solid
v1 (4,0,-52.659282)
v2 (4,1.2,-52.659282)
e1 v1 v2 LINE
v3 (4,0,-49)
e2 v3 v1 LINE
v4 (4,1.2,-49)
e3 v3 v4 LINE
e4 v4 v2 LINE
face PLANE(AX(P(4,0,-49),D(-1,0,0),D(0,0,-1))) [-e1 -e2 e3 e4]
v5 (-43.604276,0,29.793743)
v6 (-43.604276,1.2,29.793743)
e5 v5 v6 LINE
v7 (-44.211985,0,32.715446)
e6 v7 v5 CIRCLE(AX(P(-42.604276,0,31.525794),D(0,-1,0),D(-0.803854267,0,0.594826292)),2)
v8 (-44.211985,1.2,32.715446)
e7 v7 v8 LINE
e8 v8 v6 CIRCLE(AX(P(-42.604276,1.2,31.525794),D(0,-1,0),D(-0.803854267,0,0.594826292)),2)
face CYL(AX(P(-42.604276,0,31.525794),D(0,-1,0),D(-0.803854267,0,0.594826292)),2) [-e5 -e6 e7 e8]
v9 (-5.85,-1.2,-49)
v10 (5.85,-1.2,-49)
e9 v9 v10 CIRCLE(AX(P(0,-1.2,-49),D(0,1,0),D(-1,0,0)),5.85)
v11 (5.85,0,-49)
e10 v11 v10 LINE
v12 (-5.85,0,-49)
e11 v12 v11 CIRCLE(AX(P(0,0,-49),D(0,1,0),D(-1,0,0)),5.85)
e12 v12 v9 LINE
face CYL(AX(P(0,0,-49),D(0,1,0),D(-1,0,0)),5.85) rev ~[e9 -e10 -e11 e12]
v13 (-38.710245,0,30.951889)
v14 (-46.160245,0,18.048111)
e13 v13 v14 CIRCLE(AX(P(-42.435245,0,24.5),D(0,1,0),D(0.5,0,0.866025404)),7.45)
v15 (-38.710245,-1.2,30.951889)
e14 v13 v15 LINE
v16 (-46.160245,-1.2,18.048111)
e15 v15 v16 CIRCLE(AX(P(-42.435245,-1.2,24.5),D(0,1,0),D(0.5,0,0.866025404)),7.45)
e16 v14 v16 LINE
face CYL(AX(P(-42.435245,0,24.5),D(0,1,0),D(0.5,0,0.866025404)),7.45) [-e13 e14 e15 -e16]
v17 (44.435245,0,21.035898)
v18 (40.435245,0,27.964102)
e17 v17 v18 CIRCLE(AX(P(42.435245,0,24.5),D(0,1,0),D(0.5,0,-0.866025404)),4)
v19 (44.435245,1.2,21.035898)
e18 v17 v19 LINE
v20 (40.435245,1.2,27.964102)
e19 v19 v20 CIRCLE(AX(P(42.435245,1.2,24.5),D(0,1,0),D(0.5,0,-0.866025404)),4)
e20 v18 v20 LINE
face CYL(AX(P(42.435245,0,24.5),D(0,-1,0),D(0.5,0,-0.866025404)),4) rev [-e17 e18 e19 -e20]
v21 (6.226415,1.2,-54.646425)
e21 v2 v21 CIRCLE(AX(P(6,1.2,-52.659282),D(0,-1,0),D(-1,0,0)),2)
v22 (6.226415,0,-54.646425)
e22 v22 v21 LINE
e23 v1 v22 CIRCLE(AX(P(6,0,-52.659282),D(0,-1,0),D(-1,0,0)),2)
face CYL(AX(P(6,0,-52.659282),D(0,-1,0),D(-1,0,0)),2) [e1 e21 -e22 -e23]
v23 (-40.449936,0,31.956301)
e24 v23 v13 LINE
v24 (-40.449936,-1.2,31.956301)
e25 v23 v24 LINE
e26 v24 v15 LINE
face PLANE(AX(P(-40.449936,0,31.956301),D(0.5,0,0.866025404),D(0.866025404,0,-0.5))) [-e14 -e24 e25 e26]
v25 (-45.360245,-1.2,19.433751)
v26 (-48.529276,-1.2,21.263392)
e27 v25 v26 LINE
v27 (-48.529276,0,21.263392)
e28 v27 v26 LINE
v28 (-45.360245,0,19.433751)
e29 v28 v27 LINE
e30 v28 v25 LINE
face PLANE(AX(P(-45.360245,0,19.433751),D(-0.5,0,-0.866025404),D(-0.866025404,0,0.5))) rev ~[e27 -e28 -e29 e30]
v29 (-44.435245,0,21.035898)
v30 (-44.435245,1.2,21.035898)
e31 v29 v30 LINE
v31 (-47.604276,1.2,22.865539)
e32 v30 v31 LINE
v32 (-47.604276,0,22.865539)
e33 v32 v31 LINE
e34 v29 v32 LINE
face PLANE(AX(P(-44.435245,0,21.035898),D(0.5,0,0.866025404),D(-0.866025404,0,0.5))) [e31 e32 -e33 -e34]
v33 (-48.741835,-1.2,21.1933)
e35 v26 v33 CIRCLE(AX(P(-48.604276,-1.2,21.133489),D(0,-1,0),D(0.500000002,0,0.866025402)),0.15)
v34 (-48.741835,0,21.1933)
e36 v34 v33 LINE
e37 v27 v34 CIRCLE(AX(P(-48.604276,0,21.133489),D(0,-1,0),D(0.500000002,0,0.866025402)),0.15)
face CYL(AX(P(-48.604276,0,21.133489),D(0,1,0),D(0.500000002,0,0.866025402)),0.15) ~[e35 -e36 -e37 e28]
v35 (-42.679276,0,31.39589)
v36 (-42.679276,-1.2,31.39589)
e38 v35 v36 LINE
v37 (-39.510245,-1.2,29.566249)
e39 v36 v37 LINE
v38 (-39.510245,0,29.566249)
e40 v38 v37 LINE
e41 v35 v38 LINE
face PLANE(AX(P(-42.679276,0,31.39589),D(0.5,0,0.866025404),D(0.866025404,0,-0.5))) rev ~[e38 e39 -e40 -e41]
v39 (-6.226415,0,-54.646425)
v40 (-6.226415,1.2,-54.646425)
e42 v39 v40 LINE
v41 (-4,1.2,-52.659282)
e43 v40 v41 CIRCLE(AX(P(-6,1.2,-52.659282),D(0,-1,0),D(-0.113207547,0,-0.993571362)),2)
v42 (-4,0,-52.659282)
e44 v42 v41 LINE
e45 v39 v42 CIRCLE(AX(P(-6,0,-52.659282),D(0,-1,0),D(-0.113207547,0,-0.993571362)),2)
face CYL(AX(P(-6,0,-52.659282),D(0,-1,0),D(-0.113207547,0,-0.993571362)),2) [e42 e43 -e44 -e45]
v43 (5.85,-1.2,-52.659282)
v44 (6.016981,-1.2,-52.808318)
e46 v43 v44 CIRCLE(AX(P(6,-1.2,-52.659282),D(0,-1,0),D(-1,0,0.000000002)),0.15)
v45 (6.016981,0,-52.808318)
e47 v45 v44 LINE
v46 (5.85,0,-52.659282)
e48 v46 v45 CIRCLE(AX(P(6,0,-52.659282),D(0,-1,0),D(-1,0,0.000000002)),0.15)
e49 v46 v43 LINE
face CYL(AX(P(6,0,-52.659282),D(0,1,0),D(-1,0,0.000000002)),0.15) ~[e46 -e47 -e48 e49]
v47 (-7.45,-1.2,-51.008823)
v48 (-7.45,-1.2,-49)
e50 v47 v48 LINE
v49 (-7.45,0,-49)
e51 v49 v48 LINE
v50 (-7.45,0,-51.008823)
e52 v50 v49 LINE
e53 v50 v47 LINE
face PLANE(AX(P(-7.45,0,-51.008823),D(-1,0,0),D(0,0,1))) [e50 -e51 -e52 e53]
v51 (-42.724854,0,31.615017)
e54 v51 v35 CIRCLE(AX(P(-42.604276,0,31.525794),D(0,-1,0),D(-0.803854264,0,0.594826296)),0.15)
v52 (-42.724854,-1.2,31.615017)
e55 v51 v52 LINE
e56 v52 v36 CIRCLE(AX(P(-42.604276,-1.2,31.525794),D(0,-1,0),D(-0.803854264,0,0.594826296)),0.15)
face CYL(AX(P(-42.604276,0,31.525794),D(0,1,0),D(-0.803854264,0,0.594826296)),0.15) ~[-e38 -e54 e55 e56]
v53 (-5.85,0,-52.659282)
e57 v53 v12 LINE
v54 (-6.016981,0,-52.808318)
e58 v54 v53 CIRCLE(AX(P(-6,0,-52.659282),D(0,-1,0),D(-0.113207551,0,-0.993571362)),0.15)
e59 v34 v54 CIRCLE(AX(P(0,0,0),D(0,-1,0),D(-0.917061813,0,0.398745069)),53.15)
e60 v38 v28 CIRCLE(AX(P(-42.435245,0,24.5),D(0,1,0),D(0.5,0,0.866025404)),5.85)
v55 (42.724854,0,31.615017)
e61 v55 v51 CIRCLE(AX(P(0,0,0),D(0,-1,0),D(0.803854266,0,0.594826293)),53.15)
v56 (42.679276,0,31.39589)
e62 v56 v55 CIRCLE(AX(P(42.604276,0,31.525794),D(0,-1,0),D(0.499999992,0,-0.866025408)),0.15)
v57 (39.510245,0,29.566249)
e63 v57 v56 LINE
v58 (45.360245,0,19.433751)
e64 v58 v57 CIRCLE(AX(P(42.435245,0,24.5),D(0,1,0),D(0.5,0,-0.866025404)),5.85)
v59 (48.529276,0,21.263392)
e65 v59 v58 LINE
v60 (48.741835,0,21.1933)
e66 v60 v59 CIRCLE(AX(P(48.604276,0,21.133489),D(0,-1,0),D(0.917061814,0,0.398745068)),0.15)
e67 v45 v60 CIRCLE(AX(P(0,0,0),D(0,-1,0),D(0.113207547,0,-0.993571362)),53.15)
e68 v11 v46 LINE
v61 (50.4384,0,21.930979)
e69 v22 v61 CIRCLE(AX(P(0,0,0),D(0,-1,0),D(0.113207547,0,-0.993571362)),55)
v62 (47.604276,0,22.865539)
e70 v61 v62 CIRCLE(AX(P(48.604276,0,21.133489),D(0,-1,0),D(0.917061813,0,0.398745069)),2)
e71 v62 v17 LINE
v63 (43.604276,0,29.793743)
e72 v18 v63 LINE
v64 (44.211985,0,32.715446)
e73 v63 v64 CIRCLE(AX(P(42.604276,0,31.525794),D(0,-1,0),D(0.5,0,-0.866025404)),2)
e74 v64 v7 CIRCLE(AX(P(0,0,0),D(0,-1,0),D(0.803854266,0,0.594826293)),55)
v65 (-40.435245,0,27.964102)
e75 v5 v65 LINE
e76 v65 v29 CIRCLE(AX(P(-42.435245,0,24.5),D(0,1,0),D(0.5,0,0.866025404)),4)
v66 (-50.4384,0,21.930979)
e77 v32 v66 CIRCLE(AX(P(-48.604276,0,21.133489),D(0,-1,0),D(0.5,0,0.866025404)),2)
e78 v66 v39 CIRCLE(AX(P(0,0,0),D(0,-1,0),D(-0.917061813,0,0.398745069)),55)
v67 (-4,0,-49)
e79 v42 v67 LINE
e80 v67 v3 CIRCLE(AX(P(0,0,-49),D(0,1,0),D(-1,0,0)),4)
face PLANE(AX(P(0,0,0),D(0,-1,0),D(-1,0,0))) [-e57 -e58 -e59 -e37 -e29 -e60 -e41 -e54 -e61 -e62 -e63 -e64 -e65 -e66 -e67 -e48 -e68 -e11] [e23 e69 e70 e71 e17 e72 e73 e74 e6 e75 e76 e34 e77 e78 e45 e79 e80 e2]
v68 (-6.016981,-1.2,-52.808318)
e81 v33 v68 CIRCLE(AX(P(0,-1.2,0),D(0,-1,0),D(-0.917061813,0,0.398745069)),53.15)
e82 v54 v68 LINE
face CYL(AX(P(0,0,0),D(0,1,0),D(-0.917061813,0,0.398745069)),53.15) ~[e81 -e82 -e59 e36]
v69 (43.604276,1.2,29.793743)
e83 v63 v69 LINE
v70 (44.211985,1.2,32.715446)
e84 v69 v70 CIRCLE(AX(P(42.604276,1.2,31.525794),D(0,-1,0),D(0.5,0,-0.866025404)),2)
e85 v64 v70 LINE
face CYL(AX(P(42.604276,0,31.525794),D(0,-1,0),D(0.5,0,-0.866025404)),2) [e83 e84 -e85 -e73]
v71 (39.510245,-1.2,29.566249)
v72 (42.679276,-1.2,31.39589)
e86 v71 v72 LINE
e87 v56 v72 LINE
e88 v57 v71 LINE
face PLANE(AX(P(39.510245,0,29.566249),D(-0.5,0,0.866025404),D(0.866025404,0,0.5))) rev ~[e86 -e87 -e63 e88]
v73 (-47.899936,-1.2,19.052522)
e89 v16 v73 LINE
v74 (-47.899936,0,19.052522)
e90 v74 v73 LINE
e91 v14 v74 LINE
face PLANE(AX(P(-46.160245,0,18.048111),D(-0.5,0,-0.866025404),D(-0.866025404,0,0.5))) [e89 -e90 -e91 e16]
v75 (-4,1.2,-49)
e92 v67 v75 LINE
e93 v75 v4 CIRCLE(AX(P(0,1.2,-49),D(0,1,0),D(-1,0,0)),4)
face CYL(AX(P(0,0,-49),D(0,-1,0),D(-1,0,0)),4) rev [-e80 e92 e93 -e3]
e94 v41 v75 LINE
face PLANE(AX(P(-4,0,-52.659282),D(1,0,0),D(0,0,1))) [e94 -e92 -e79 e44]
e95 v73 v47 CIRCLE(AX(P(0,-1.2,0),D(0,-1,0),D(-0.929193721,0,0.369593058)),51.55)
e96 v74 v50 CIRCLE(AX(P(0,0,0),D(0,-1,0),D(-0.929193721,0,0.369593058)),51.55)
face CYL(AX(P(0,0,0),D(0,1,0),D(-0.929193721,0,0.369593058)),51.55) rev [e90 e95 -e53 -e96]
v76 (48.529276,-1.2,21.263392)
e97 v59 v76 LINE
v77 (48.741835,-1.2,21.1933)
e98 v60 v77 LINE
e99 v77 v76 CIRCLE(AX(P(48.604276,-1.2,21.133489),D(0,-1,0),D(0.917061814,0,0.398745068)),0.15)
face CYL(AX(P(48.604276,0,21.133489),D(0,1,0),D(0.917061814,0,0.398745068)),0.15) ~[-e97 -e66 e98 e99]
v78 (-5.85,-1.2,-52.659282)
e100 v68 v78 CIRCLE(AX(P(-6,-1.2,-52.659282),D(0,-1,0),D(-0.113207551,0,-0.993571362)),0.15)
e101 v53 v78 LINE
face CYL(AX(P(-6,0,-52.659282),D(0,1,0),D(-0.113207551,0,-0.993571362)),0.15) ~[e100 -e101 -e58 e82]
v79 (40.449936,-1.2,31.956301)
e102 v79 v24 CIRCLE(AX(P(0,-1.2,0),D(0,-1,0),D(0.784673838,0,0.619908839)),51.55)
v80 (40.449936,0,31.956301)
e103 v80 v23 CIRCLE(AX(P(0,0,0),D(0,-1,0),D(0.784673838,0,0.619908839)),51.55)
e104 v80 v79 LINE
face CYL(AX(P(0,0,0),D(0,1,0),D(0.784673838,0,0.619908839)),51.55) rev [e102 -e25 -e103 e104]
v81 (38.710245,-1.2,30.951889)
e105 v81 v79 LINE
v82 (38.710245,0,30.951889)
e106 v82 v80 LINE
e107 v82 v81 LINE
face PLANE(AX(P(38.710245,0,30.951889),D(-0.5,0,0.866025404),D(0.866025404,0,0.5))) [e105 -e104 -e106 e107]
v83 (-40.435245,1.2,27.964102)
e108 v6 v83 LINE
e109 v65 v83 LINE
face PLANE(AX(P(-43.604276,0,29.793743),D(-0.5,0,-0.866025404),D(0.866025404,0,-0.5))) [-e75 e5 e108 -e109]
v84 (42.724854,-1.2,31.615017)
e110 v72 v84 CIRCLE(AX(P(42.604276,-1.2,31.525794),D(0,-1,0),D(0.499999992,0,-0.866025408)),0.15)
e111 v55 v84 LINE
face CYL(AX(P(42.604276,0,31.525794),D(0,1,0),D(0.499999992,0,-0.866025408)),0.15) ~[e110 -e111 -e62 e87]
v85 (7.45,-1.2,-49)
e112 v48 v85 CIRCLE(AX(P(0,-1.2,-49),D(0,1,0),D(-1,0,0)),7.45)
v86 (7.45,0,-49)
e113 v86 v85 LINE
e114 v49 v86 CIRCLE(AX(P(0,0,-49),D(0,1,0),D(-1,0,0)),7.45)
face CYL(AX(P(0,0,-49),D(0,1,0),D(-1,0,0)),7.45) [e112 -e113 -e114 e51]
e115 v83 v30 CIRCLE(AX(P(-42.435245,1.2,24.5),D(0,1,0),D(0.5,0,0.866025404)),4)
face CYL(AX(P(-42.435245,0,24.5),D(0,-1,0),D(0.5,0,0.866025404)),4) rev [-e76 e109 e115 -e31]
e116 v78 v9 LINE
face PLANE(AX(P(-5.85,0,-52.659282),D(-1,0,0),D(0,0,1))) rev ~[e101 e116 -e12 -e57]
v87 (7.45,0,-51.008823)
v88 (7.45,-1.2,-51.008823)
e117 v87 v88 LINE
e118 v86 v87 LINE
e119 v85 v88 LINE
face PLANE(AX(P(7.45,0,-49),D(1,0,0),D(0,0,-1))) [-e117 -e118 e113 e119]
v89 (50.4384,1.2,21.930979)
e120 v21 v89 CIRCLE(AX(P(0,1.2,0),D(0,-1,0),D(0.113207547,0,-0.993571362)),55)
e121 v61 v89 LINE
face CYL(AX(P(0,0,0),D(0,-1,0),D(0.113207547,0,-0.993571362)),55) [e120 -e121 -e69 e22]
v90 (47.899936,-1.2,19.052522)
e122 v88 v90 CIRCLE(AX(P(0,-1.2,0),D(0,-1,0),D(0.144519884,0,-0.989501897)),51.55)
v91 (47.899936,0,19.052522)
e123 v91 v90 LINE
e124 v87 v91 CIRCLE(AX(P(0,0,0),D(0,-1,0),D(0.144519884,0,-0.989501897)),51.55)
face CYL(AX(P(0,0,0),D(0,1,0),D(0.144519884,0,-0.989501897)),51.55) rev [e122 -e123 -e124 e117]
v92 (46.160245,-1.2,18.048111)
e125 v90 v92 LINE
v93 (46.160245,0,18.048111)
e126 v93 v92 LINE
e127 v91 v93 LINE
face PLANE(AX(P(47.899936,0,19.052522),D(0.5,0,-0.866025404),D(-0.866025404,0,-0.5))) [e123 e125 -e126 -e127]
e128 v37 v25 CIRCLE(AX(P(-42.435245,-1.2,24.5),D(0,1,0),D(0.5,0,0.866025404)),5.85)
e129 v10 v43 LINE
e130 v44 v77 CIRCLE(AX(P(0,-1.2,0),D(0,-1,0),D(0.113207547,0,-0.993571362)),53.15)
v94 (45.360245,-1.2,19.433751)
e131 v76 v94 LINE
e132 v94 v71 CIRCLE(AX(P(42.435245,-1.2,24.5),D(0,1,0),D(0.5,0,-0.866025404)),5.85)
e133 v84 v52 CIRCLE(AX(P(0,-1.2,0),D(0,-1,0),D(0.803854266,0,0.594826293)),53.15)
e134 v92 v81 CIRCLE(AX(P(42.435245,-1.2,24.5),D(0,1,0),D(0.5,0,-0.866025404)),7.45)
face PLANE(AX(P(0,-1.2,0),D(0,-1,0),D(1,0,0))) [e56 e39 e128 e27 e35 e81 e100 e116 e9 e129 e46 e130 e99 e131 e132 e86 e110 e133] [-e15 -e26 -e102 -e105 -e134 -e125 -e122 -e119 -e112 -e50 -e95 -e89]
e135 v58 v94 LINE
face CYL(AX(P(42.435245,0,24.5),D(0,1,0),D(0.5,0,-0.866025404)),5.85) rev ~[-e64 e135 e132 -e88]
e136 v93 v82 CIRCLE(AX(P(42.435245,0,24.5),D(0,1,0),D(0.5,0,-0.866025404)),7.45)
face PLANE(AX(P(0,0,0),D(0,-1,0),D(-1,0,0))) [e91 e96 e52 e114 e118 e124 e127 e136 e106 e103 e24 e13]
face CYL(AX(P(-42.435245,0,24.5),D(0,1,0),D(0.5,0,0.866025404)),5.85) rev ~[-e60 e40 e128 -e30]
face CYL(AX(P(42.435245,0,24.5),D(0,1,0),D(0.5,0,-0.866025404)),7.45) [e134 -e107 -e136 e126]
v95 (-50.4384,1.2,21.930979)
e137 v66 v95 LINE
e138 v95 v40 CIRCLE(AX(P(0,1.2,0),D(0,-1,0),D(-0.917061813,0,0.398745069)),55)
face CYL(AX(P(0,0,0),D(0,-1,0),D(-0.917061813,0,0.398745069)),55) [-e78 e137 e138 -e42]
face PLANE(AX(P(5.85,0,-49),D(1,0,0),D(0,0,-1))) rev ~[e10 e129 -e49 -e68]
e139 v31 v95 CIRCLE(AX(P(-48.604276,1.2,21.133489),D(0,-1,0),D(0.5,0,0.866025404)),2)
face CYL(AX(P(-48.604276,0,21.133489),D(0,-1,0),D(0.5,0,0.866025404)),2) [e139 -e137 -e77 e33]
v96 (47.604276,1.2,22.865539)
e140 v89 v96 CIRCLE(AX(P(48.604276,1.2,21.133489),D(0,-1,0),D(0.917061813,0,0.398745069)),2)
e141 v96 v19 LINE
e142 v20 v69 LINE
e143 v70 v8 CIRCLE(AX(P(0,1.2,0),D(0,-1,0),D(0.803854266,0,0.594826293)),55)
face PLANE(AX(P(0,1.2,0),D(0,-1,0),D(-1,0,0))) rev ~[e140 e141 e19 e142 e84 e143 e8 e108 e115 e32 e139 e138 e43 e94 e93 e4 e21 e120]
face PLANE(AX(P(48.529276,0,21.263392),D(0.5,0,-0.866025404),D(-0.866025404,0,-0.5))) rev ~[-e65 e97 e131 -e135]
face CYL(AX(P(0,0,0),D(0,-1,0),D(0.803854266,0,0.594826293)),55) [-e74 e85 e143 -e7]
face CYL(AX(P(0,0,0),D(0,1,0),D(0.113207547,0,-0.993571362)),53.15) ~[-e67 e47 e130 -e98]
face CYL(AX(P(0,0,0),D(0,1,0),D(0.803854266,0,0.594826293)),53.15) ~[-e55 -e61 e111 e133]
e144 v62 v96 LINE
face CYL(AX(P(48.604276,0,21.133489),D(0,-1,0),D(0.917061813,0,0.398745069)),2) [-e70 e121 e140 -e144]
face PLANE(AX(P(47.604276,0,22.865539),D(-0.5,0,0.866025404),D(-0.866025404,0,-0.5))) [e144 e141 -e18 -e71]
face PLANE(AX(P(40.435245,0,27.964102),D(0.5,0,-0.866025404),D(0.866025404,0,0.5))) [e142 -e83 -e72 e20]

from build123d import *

# Parameters (mm, degrees)
BOSS_EXTRUDE1_DEPTH = 1.2
EXTRUDE_THIN1_DEPTH = 1.2


with BuildPart() as part:
    # Sketch2 → Boss-Extrude1 (new body)
    with BuildSketch(Plane(origin=(0, 0, 0), x_dir=(1, 0, 0), z_dir=(0, 1, 0))):
        with BuildLine():
            Line((-4, 52.659282183), (-4, 49))
            ThreePointArc((-4, 49), (0, 45), (4, 49))
            Line((4, 49), (4, 52.659282183))
            ThreePointArc((4, 52.659282183), (4.668239922, 54.151399837), (6.226415094, 54.646424907))
            ThreePointArc((6.226415094, 54.646424907), (47.631397208, 27.5), (50.438399742, -21.930978807))
            ThreePointArc((50.438399742, -21.930978807), (49.23060787, -23.032885555), (47.604276115, -22.865539476))
            Line((47.604276115, -22.865539476), (44.435244785, -21.035898385))
            ThreePointArc((44.435244785, -21.035898385), (38.97114317, -22.5), (40.435244785, -27.964101615))
            Line((40.435244785, -27.964101615), (43.604276115, -29.793742707))
            ThreePointArc((43.604276115, -29.793742707), (44.562367948, -31.118514282), (44.211984648, -32.7154461))
            ThreePointArc((44.211984648, -32.7154461), (0, -55), (-44.211984648, -32.715446099))
            ThreePointArc((-44.211984648, -32.715446099), (-44.562367948, -31.118514282), (-43.604276115, -29.793742706))
            Line((-43.604276115, -29.793742706), (-40.435244785, -27.964101615))
            ThreePointArc((-40.435244785, -27.964101615), (-38.97114317, -22.5), (-44.435244785, -21.035898385))
            Line((-44.435244785, -21.035898385), (-47.604276115, -22.865539476))
            ThreePointArc((-47.604276115, -22.865539476), (-49.23060787, -23.032885555), (-50.438399742, -21.930978807))
            ThreePointArc((-50.438399742, -21.930978807), (-47.631397208, 27.5), (-6.226415094, 54.646424907))
            ThreePointArc((-6.226415094, 54.646424907), (-4.668239922, 54.151399837), (-4, 52.659282183))
        make_face()
    extrude(amount=BOSS_EXTRUDE1_DEPTH)

    # Sketch3 → Extrude-Thin1 (add)
    with BuildSketch(Plane.XZ):
        with BuildLine():
            ThreePointArc((-6.016981132, -52.808317887), (-5.900117994, -52.771191007), (-5.85, -52.659282183))
            Line((-5.85, -52.659282183), (-5.85, -49))
            ThreePointArc((-5.85, -49), (0, -43.15), (5.85, -49))
            Line((5.85, -49), (5.85, -52.659282183))
            ThreePointArc((5.85, -52.659282183), (5.900117994, -52.771191007), (6.016981132, -52.808317887))
            ThreePointArc((6.016981132, -52.808317887), (46.029250211, -26.575), (48.741835387, 21.193300429))
            ThreePointArc((48.741835387, 21.193300429), (48.651250997, 21.275943435), (48.529276115, 21.263392479))
            Line((48.529276115, 21.263392479), (45.360244785, 19.433751388))
            ThreePointArc((45.360244785, 19.433751388), (37.368996173, 21.575), (39.510244785, 29.566248612))
            Line((39.510244785, 29.566248612), (42.679276115, 31.395889704))
            ThreePointArc((42.679276115, 31.395889704), (42.751133003, 31.495247572), (42.724854255, 31.615017458))
            ThreePointArc((42.724854255, 31.615017458), (0, 53.15), (-42.724854255, 31.615017458))
            ThreePointArc((-42.724854255, 31.615017458), (-42.751133003, 31.495247572), (-42.679276115, 31.395889703))
            Line((-42.679276115, 31.395889703), (-39.510244785, 29.566248612))
            ThreePointArc((-39.510244785, 29.566248612), (-37.368996173, 21.575), (-45.360244785, 19.433751388))
            Line((-45.360244785, 19.433751388), (-48.529276115, 21.263392479))
            ThreePointArc((-48.529276115, 21.263392479), (-48.651250997, 21.275943435), (-48.741835387, 21.193300429))
            ThreePointArc((-48.741835387, 21.193300429), (-46.029250211, -26.575), (-6.016981132, -52.808317887))
        make_face()
        with BuildLine():
            Line((-7.45, -51.008822766), (-7.45, -49))
            ThreePointArc((-7.45, -49), (0, -41.55), (7.45, -49))
            Line((7.45, -49), (7.45, -51.008822766))
            ThreePointArc((7.45, -51.008822766), (44.643609565, -25.775), (47.899936333, 19.052522125))
            Line((47.899936333, 19.052522125), (46.160244785, 18.048110742))
            ThreePointArc((46.160244785, 18.048110742), (35.983355527, 20.775), (38.710244785, 30.951889258))
            Line((38.710244785, 30.951889258), (40.449936333, 31.956300641))
            ThreePointArc((40.449936333, 31.956300641), (0, 51.55), (-40.449936333, 31.956300641))
            Line((-40.449936333, 31.956300641), (-38.710244785, 30.951889258))
            ThreePointArc((-38.710244785, 30.951889258), (-35.983355527, 20.775), (-46.160244785, 18.048110742))
            Line((-46.160244785, 18.048110742), (-47.899936333, 19.052522125))
            ThreePointArc((-47.899936333, 19.052522125), (-44.643609565, -25.775), (-7.45, -51.008822766))
        make_face(mode=Mode.SUBTRACT)
    extrude(amount=EXTRUDE_THIN1_DEPTH)


solid = part.part
